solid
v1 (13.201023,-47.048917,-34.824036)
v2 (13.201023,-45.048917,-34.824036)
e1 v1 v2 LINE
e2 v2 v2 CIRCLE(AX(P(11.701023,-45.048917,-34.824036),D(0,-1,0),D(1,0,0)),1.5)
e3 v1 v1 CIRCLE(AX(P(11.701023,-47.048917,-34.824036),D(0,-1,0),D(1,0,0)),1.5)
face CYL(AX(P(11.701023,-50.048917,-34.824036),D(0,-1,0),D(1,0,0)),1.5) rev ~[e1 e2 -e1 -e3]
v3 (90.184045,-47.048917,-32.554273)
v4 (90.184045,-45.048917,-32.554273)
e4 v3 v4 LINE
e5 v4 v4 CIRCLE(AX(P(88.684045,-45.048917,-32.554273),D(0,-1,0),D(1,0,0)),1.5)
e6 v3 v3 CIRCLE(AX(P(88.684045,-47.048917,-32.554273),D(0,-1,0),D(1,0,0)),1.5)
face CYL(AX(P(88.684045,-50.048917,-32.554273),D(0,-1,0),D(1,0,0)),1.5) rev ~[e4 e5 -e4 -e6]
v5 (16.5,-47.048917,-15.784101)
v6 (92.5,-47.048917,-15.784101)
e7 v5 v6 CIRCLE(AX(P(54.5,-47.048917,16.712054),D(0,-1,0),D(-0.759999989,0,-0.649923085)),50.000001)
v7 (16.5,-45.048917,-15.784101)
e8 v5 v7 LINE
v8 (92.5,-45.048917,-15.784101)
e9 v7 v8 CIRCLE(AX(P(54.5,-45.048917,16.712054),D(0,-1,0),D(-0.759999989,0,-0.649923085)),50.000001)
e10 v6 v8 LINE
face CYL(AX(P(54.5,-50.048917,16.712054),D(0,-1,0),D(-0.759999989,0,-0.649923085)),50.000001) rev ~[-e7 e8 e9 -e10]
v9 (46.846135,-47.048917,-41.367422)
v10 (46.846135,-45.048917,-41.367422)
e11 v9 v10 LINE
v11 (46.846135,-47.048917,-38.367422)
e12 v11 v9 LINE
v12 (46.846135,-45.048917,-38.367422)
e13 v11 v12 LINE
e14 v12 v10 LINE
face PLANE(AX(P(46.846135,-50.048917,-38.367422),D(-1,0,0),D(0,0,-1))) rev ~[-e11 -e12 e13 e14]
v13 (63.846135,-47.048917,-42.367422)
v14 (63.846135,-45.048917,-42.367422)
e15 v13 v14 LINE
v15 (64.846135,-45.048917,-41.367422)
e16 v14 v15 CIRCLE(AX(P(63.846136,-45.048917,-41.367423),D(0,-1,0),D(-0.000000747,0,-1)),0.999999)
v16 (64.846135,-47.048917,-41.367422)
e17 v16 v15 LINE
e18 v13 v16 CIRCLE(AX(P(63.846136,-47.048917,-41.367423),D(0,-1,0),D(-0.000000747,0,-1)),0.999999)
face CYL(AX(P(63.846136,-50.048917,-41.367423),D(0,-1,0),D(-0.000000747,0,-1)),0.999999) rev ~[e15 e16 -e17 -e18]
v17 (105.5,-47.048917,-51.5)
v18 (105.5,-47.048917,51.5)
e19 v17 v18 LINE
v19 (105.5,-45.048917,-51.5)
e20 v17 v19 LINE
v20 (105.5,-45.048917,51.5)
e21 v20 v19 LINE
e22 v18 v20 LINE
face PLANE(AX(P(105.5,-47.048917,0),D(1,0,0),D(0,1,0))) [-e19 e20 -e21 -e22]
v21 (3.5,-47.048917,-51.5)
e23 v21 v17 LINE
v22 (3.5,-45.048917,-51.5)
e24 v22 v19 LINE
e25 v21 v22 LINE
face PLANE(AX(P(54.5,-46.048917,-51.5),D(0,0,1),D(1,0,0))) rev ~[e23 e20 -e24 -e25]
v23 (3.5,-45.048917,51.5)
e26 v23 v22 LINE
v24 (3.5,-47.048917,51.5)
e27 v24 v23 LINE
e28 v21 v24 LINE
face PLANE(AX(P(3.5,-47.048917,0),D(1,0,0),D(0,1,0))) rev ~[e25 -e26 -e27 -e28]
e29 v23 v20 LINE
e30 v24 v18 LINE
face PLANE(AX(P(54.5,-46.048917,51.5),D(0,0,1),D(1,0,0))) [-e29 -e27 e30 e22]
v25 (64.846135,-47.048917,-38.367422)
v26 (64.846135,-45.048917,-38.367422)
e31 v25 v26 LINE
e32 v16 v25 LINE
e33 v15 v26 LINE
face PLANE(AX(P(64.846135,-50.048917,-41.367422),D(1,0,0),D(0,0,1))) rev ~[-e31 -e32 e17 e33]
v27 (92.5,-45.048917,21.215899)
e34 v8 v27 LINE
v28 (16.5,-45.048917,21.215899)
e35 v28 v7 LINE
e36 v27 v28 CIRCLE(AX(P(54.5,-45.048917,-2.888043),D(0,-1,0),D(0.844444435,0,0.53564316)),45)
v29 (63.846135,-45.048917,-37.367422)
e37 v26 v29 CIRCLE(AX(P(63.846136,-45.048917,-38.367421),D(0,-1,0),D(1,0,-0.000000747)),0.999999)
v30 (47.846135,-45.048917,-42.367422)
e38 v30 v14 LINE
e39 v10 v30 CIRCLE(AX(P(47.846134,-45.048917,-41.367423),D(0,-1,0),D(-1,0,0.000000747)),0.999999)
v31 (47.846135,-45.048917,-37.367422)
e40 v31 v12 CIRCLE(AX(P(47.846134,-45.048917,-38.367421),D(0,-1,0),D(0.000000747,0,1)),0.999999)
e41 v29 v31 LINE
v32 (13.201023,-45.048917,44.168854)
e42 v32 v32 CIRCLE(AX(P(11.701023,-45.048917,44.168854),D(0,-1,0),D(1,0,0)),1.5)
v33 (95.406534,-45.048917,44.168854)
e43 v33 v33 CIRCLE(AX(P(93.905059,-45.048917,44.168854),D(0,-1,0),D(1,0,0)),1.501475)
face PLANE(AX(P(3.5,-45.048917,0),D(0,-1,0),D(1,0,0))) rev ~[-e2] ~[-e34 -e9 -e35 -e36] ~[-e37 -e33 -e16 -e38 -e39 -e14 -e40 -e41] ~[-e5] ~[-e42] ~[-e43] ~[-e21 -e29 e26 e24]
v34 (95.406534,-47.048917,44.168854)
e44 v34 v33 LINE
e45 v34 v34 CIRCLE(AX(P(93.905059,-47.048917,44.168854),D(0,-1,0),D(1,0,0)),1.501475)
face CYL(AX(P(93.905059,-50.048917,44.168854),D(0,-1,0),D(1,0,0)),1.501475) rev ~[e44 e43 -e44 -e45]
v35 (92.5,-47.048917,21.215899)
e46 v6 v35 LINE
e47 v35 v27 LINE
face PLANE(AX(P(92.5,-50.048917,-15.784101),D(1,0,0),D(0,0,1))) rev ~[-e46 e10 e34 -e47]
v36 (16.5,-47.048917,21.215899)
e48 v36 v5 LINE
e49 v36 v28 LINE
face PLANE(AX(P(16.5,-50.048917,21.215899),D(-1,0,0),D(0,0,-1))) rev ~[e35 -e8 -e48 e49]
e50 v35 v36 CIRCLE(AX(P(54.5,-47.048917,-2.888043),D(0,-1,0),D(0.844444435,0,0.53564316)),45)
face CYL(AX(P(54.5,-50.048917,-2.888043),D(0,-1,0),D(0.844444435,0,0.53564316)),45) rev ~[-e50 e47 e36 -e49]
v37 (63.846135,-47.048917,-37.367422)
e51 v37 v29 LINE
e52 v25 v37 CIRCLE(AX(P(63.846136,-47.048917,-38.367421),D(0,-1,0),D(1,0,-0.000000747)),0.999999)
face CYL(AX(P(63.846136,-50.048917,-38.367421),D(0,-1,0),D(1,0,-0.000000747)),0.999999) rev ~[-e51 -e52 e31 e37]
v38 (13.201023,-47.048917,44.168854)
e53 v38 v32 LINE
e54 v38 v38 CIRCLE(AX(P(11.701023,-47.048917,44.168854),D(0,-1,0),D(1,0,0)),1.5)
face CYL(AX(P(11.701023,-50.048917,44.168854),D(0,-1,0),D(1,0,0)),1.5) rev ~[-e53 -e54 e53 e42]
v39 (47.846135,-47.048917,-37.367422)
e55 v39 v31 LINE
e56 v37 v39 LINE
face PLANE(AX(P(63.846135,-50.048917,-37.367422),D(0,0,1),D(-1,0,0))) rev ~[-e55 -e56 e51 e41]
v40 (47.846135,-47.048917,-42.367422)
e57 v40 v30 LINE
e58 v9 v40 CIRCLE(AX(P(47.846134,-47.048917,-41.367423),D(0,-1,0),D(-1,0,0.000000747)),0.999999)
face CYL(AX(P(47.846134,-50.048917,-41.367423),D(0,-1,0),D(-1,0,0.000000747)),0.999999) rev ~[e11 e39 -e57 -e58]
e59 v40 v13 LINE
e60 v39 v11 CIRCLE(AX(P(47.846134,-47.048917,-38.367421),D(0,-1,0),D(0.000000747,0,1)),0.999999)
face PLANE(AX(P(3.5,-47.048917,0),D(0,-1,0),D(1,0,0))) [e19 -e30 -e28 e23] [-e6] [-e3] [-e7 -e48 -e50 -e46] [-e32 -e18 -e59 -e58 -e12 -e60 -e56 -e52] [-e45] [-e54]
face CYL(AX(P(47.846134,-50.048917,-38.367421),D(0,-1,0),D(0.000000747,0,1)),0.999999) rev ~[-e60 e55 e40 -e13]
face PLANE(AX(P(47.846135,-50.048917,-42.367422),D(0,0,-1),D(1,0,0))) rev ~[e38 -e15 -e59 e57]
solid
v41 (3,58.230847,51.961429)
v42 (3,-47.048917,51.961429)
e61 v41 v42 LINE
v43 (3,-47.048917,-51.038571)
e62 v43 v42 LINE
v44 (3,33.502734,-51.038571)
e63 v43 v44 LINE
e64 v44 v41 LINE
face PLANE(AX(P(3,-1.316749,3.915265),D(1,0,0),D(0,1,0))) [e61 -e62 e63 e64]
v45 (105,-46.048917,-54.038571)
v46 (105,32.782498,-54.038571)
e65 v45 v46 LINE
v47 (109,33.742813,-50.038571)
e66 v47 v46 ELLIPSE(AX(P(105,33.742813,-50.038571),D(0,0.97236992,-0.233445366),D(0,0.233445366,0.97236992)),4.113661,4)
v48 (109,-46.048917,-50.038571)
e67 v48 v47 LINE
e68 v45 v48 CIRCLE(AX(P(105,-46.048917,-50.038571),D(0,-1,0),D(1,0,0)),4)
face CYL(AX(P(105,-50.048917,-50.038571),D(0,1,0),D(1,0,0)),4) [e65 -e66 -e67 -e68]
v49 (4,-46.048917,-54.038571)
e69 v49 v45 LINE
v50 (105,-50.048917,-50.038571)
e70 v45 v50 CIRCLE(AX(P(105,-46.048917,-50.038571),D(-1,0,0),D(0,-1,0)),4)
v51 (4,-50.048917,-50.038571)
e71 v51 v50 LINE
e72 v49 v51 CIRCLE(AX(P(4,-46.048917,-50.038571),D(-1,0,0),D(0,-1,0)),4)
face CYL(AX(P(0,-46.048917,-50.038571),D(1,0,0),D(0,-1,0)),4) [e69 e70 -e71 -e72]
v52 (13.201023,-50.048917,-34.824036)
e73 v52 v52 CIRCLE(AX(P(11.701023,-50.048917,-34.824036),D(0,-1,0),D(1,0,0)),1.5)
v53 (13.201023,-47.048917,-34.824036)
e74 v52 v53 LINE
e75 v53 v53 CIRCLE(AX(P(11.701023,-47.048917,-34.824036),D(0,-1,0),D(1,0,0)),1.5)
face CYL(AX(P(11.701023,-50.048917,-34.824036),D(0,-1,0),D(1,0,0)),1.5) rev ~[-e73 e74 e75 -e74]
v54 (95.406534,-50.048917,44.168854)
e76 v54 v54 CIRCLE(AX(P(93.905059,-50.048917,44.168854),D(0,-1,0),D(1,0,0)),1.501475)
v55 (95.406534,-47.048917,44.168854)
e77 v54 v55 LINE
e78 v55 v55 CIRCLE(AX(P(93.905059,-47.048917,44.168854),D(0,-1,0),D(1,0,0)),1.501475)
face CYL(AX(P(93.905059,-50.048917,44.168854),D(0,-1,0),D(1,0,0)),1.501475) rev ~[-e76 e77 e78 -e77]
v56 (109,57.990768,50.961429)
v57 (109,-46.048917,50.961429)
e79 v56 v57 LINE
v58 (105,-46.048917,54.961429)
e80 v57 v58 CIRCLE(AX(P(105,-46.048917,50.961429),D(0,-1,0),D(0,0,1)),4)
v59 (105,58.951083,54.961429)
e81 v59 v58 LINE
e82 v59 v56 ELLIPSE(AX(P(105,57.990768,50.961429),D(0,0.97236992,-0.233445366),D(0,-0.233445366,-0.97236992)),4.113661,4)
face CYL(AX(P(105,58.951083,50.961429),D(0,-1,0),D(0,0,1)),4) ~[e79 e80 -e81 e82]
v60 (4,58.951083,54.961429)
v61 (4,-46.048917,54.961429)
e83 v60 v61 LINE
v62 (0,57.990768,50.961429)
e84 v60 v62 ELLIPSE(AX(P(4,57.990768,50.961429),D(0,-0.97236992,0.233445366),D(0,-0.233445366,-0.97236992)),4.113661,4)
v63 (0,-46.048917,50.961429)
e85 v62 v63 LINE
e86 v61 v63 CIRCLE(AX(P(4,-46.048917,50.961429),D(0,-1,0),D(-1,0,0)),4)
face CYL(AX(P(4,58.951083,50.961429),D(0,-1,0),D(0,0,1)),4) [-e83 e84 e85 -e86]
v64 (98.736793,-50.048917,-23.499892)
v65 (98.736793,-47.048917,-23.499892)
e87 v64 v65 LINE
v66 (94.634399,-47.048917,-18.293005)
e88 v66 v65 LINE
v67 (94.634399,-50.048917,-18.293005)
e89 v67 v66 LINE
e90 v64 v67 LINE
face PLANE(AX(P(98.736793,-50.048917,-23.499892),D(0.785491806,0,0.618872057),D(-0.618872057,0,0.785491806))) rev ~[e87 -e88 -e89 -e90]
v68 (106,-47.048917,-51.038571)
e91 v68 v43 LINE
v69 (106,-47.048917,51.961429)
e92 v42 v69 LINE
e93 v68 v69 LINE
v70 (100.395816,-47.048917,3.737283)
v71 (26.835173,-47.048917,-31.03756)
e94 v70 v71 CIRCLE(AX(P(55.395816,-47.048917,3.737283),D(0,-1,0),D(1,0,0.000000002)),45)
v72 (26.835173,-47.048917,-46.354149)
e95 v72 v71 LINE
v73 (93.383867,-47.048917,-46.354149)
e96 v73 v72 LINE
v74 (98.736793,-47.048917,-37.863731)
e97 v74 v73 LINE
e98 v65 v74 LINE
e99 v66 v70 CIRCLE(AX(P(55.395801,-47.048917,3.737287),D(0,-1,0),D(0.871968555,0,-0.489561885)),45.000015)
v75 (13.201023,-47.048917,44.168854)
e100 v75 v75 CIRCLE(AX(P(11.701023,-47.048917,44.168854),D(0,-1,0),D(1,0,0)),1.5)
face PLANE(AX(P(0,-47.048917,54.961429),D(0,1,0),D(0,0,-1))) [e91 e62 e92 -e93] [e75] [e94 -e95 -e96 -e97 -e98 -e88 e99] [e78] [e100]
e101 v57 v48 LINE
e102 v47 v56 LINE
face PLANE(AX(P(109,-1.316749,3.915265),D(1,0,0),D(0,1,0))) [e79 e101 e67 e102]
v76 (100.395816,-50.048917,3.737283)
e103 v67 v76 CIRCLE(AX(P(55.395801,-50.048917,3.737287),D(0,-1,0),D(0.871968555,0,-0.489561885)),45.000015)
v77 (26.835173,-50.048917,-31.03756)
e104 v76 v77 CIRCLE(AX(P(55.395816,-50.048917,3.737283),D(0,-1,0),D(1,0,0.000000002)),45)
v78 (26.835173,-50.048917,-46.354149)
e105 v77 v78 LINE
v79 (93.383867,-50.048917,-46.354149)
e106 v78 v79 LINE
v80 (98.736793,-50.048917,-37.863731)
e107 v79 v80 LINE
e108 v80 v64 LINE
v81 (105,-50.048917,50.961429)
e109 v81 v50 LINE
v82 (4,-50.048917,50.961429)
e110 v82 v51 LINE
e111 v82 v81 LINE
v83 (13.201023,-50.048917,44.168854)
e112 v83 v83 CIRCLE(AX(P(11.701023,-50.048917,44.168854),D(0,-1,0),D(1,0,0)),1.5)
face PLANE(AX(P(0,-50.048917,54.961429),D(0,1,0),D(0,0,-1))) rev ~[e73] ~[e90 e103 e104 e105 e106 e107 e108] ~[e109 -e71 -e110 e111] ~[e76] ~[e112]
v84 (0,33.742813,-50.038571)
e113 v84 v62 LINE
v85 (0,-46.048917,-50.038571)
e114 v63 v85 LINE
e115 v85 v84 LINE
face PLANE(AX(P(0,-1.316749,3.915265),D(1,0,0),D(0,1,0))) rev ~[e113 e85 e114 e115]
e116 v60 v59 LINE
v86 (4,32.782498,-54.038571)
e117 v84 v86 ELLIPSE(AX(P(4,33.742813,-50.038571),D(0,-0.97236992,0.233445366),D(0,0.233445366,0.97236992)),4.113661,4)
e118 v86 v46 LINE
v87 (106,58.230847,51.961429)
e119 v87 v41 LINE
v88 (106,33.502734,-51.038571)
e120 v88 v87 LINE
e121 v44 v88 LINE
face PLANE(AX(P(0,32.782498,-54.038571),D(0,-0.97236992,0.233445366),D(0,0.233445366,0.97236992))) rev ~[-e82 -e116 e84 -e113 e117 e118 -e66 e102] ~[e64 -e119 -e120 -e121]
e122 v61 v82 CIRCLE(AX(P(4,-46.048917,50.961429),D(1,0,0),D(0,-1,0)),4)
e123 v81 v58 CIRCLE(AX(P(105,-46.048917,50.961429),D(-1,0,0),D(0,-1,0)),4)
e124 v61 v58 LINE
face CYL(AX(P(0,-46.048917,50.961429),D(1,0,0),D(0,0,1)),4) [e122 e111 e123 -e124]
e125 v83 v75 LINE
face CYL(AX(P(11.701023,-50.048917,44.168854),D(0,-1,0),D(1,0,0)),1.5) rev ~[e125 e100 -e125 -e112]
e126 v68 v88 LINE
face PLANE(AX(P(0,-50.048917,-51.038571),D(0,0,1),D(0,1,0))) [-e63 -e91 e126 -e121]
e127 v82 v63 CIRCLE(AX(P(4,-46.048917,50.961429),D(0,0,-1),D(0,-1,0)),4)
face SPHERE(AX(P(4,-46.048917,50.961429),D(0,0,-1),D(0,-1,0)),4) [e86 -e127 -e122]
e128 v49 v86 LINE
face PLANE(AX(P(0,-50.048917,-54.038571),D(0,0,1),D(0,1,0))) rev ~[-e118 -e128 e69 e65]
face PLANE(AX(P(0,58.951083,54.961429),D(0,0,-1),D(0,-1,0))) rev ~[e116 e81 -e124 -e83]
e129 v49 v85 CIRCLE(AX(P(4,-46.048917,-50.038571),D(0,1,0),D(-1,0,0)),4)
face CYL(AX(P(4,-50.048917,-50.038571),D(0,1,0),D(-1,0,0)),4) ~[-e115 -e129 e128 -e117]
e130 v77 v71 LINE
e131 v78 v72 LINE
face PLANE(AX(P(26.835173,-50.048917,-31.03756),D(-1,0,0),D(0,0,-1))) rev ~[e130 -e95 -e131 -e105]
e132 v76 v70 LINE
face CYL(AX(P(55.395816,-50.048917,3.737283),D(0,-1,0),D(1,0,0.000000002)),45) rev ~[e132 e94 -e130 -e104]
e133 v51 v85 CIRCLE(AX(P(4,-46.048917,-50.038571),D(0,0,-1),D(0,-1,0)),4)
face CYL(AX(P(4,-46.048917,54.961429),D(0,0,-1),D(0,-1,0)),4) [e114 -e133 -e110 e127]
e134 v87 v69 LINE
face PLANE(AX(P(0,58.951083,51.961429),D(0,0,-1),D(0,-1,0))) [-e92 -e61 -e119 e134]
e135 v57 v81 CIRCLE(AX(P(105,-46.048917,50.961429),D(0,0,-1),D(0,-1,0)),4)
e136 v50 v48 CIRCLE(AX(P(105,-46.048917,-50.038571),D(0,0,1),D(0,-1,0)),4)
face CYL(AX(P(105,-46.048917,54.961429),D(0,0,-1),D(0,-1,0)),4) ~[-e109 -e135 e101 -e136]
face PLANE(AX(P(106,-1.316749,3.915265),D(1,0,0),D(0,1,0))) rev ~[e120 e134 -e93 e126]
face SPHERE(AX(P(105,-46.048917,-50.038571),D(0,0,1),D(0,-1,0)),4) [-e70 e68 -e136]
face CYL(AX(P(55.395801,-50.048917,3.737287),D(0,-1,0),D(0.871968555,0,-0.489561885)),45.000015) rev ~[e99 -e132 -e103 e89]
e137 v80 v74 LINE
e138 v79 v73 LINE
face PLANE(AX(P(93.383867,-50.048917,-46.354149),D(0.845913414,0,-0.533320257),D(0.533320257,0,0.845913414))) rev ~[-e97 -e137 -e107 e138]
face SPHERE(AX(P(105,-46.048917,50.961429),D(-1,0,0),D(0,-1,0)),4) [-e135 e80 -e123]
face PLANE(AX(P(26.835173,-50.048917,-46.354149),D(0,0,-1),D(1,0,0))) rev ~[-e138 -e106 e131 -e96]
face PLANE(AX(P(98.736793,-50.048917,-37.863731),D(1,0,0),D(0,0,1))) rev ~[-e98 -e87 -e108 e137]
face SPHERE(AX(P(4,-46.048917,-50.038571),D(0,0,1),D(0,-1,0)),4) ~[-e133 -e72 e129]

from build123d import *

# Parameters (mm, degrees)
F1_DEPTH      = 109
F2_T          = -3
F4_DEPTH      = 25
F5_W          = 102
F5_H          = 2
F6_DEPTH      = 51.5
F6_DEPTH_BACK = 51.5
F7_R          = 1.5
F7_R_2        = 1.501475
F8_DEPTH      = 25
F9_R          = 4


with BuildPart() as f1:
    # F0 (on Right) → F1 (new body)
    with BuildSketch(Plane.YZ):
        Polygon((32.782498, -54.038571), (58.951083, 54.961429), (-50.048917, 54.961429), (-50.048917, -54.038571), align=None)
    extrude(amount=F1_DEPTH)

    # F2
    f2_openings = [f1.faces().sort_by_distance(p)[0] for p in [
        (54.5, 45.86679, 0.461429),
    ]]
    offset(amount=F2_T, openings=f2_openings)

    # F3 (on face) → F4 (cut)
    with BuildSketch(Plane.XZ.offset(50.048917)):
        with BuildLine():
            ThreePointArc((94.634399, -18.293005), (98.931641, -7.648317), (100.395816, 3.737283))
            ThreePointArc((100.395816, 3.737283), (36.163407, 44.420381), (26.835173, -31.03756))
            ThreePointArc((26.835173, -31.03756), (63.70909, -40.488156), (94.634399, -18.293005))
        make_face()
        with BuildLine():
            ThreePointArc((94.634399, -18.293005), (63.70909, -40.488156), (26.835173, -31.03756))
            Line((26.835173, -31.03756), (26.835173, -46.354149))
            Line((26.835173, -46.354149), (93.383867, -46.354149))
            Line((93.383867, -46.354149), (98.736793, -37.863731))
            Line((98.736793, -37.863731), (98.736793, -23.499892))
            Line((98.736793, -23.499892), (94.634399, -18.293005))
        make_face()
    extrude(amount=-F4_DEPTH, mode=Mode.SUBTRACT)


with BuildPart() as f6:
    # F5 (on Top) → F6 (new body, two sides)
    with BuildSketch(Plane.XY) as f6_sk:
        with Locations((54.5, -46.048917)):
            Rectangle(F5_W, F5_H)
    extrude(amount=F6_DEPTH)
    extrude(f6_sk.sketch, amount=-F6_DEPTH_BACK)


with BuildPart() as f8_tool:
    # F7 (on face) → F8 (new body)
    with BuildSketch(Plane.XZ.offset(50.048917)):
        with BuildLine():
            ThreePointArc((92.5, 21.215899), (54.5, 42.111957), (16.5, 21.215899))
            Line((16.5, 21.215899), (16.5, -15.784101))
            ThreePointArc((16.5, -15.784101), (54.5, -33.287947), (92.5, -15.784101))
            Line((92.5, -15.784101), (92.5, 21.215899))
        make_face()
        with BuildLine():
            Line((63.846135, -37.367422), (47.846135, -37.367422))
            ThreePointArc((47.846135, -37.367422), (47.139028, -37.660315), (46.846135, -38.367422))
            Line((46.846135, -38.367422), (46.846135, -41.367422))
            ThreePointArc((46.846135, -41.367422), (47.139028, -42.074529), (47.846135, -42.367422))
            Line((47.846135, -42.367422), (63.846135, -42.367422))
            ThreePointArc((63.846135, -42.367422), (64.553242, -42.074529), (64.846135, -41.367422))
            Line((64.846135, -41.367422), (64.846135, -38.367422))
            ThreePointArc((64.846135, -38.367422), (64.553242, -37.660315), (63.846135, -37.367422))
        make_face()
        with Locations((88.684045, -32.554273)):
            Circle(F7_R)
        with Locations((11.701023, 44.168854)):
            Circle(F7_R)
        with Locations((11.701023, -34.824036)):
            Circle(F7_R)
        with Locations((93.905059, 44.168854)):
            Circle(F7_R_2)
    extrude(amount=-F8_DEPTH)


with BuildPart() as f1_1:
    add(f1.part)

    # F8: cut by f8_tool
    add(f8_tool.part, mode=Mode.SUBTRACT)

    # F9
    f9_edges = [f1_1.edges().sort_by_distance(p)[0] for p in [
        (0, -50.048917, 0.461429),
        (54.5, -50.048917, 54.961429),
        (109, -50.048917, 0.461429),
        (54.5, -50.048917, -54.038571),
        (0, 4.451083, 54.961429),
        (0, -8.63321, -54.038571),
        (109, -8.63321, -54.038571),
        (109, 4.451083, 54.961429),
    ]]
    fillet(f9_edges, radius=F9_R)


with BuildPart() as f6_1:
    add(f6.part)

    # F8: cut by f8_tool
    add(f8_tool.part, mode=Mode.SUBTRACT)


solid = Compound([f1_1.part, f6_1.part])
